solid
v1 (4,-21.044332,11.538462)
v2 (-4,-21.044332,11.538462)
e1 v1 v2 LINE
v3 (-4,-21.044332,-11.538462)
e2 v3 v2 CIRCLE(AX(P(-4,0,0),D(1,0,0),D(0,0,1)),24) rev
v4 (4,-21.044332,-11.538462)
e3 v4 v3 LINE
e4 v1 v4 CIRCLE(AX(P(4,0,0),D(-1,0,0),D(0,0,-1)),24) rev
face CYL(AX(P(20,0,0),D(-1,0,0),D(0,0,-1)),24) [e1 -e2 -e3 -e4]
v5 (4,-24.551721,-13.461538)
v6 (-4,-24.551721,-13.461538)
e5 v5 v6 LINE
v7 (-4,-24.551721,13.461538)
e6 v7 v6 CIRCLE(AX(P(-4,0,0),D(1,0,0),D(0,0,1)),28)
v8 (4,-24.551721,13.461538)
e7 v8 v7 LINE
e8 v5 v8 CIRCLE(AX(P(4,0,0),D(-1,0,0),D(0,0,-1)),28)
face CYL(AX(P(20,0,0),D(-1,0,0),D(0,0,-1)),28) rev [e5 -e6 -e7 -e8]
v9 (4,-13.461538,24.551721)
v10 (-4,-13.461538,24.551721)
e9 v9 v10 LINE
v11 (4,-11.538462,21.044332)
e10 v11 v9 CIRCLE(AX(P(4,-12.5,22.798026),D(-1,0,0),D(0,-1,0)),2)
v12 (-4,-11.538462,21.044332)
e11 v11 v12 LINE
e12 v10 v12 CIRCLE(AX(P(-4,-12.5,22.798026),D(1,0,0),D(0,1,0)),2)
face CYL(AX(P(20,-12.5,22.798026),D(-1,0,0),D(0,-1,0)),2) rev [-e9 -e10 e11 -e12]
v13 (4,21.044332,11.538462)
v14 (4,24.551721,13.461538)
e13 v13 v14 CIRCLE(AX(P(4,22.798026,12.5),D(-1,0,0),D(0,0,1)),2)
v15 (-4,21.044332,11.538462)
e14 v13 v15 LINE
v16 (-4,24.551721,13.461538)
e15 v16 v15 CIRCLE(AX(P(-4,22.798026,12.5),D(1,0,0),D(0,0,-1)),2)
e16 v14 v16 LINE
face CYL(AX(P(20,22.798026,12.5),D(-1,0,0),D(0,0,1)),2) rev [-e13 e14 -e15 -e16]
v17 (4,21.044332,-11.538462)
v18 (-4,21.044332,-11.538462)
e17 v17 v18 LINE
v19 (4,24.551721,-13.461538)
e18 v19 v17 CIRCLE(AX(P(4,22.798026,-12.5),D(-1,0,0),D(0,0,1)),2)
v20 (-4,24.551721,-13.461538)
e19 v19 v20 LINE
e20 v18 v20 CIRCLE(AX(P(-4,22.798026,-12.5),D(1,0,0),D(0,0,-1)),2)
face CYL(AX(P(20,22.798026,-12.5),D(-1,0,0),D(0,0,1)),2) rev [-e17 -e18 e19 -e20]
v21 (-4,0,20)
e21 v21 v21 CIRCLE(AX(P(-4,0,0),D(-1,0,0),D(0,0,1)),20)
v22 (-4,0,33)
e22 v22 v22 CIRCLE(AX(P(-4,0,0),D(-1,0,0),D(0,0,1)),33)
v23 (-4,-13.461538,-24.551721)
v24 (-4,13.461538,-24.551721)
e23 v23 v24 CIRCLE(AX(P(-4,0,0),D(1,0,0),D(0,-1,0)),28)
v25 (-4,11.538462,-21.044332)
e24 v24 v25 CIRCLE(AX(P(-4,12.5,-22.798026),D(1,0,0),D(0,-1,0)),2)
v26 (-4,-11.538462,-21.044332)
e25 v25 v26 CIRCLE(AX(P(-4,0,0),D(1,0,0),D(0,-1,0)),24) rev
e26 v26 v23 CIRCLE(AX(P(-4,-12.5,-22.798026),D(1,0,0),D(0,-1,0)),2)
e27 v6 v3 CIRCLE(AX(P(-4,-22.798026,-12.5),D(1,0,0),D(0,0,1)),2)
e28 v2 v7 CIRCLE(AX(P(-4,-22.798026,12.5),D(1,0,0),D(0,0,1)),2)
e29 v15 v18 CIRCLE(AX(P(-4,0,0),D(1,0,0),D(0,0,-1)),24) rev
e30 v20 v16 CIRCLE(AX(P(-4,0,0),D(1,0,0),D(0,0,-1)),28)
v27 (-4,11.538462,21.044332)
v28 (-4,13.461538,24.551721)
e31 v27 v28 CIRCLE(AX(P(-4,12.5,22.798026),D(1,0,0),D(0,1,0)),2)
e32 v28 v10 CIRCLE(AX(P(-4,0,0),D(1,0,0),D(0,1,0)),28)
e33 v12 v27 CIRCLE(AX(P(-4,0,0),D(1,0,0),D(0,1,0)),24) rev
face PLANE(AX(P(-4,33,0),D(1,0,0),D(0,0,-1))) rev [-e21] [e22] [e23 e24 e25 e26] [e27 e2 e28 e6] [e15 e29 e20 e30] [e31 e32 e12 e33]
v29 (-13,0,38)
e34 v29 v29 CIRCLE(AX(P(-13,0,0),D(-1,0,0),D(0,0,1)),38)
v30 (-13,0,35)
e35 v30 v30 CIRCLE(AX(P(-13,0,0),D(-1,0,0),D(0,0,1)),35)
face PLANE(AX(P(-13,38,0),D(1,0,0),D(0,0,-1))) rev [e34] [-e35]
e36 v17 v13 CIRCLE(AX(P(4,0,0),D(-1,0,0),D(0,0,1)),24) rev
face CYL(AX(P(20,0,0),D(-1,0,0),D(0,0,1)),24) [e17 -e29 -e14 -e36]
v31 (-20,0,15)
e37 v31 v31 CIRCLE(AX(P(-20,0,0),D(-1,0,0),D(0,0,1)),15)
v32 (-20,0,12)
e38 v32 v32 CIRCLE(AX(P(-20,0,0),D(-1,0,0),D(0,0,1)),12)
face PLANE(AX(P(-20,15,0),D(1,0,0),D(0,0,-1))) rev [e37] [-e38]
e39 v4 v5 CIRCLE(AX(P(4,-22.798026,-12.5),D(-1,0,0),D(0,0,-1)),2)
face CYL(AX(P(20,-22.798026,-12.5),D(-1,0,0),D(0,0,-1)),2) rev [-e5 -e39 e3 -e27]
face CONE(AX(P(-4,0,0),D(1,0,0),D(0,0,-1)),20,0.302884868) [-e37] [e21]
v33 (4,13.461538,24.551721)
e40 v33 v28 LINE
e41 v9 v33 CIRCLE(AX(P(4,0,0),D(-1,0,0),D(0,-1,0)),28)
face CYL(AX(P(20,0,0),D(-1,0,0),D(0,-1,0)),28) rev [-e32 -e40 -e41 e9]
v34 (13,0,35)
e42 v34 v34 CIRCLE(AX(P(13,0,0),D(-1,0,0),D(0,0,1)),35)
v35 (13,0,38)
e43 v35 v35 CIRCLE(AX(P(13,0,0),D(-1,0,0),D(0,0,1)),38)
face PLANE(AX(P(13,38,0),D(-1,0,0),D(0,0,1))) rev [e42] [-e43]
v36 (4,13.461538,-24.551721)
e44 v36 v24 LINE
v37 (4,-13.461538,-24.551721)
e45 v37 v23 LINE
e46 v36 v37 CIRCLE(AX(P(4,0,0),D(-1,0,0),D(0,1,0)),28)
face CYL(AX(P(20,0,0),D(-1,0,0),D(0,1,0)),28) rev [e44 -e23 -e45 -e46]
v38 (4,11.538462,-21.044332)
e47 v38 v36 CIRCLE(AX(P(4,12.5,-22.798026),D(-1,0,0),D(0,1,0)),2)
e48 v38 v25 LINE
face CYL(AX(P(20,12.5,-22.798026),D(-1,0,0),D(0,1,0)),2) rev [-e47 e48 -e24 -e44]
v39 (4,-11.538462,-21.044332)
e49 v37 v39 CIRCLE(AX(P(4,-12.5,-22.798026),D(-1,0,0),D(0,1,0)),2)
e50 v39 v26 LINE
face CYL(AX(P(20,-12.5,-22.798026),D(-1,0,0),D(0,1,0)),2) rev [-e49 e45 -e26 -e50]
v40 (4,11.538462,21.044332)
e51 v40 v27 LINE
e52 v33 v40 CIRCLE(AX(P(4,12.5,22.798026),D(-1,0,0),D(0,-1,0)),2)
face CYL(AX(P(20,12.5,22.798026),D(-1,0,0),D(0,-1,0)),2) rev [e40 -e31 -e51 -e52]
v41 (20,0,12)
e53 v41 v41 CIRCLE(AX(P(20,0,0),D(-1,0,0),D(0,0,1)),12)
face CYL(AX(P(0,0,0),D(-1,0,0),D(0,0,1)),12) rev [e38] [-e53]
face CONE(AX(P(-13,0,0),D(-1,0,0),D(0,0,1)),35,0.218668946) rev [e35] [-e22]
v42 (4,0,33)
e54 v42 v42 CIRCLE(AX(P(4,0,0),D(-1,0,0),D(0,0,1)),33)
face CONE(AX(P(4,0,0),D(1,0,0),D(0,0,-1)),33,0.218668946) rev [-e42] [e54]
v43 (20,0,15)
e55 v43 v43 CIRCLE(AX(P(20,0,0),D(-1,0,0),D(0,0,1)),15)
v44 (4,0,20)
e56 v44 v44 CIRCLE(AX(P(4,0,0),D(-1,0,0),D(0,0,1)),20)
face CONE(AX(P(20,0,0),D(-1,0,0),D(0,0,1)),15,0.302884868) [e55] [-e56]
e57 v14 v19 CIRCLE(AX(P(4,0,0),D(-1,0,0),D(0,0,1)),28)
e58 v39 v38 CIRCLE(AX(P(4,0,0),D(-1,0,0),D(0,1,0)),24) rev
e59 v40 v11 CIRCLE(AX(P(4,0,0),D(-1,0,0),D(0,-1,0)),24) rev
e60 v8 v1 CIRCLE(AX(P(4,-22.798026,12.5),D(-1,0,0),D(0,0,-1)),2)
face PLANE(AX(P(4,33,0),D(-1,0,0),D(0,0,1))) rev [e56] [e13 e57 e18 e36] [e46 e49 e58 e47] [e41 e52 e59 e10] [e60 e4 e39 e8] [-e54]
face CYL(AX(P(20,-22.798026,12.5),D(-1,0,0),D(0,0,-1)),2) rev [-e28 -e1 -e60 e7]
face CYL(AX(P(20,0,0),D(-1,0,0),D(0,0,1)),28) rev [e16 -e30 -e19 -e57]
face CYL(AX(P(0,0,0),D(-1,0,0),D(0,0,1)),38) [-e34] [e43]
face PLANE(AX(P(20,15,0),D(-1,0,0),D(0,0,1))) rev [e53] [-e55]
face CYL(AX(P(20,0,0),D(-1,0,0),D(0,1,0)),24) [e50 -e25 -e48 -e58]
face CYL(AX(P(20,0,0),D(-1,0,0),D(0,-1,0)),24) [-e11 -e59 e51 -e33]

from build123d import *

# Parameters (mm, degrees)
CUT_EXTRUDE1_DEPTH = 59.855755878
CIRPATTERN1_COUNT  = 4


with BuildPart() as part:
    # Sketch1 → Revolve1 (revolve)
    with BuildSketch(Plane.XY, mode=Mode.PRIVATE) as revolve1_sk:
        Polygon((-13, 38), (13, 38), (13, 35), (4, 33), (4, 20), (20, 15), (20, 12), (-20, 12), (-20, 15), (-4, 20), (-4, 33), (-13, 35), align=None)
    revolve(revolve1_sk.sketch.rotate(Axis((0, 0, 0), (1, 0, 0)), 90), axis=Axis((0, 0, 0), (1, 0, 0)))

    # Sketch2 → Cut-Extrude1 (cut, symmetric)
    with BuildSketch(Plane.ZY.offset(4)):
        with BuildLine():
            ThreePointArc((13.461538462, 24.551720556), (0, 28), (-13.461538462, 24.551720556))
            ThreePointArc((-13.461538462, 24.551720556), (-14.253694325, 21.836487769), (-11.538461538, 21.044331905))
            ThreePointArc((-11.538461538, 21.044331905), (0, 24), (11.538461538, 21.044331905))
            ThreePointArc((11.538461538, 21.044331905), (14.253694325, 21.836487769), (13.461538462, 24.551720556))
        make_face()
    cut_extrude1 = extrude(amount=CUT_EXTRUDE1_DEPTH, both=True, mode=Mode.SUBTRACT)

    # CirPattern1: Cut-Extrude1 ×4 about axis
    cirpattern1_axis = Axis((0, 0, 0), (1, 0, 0))
    for i in range(1, CIRPATTERN1_COUNT):
        add(cut_extrude1.rotate(cirpattern1_axis, i * 360 / CIRPATTERN1_COUNT), mode=Mode.SUBTRACT)


solid = part.part
